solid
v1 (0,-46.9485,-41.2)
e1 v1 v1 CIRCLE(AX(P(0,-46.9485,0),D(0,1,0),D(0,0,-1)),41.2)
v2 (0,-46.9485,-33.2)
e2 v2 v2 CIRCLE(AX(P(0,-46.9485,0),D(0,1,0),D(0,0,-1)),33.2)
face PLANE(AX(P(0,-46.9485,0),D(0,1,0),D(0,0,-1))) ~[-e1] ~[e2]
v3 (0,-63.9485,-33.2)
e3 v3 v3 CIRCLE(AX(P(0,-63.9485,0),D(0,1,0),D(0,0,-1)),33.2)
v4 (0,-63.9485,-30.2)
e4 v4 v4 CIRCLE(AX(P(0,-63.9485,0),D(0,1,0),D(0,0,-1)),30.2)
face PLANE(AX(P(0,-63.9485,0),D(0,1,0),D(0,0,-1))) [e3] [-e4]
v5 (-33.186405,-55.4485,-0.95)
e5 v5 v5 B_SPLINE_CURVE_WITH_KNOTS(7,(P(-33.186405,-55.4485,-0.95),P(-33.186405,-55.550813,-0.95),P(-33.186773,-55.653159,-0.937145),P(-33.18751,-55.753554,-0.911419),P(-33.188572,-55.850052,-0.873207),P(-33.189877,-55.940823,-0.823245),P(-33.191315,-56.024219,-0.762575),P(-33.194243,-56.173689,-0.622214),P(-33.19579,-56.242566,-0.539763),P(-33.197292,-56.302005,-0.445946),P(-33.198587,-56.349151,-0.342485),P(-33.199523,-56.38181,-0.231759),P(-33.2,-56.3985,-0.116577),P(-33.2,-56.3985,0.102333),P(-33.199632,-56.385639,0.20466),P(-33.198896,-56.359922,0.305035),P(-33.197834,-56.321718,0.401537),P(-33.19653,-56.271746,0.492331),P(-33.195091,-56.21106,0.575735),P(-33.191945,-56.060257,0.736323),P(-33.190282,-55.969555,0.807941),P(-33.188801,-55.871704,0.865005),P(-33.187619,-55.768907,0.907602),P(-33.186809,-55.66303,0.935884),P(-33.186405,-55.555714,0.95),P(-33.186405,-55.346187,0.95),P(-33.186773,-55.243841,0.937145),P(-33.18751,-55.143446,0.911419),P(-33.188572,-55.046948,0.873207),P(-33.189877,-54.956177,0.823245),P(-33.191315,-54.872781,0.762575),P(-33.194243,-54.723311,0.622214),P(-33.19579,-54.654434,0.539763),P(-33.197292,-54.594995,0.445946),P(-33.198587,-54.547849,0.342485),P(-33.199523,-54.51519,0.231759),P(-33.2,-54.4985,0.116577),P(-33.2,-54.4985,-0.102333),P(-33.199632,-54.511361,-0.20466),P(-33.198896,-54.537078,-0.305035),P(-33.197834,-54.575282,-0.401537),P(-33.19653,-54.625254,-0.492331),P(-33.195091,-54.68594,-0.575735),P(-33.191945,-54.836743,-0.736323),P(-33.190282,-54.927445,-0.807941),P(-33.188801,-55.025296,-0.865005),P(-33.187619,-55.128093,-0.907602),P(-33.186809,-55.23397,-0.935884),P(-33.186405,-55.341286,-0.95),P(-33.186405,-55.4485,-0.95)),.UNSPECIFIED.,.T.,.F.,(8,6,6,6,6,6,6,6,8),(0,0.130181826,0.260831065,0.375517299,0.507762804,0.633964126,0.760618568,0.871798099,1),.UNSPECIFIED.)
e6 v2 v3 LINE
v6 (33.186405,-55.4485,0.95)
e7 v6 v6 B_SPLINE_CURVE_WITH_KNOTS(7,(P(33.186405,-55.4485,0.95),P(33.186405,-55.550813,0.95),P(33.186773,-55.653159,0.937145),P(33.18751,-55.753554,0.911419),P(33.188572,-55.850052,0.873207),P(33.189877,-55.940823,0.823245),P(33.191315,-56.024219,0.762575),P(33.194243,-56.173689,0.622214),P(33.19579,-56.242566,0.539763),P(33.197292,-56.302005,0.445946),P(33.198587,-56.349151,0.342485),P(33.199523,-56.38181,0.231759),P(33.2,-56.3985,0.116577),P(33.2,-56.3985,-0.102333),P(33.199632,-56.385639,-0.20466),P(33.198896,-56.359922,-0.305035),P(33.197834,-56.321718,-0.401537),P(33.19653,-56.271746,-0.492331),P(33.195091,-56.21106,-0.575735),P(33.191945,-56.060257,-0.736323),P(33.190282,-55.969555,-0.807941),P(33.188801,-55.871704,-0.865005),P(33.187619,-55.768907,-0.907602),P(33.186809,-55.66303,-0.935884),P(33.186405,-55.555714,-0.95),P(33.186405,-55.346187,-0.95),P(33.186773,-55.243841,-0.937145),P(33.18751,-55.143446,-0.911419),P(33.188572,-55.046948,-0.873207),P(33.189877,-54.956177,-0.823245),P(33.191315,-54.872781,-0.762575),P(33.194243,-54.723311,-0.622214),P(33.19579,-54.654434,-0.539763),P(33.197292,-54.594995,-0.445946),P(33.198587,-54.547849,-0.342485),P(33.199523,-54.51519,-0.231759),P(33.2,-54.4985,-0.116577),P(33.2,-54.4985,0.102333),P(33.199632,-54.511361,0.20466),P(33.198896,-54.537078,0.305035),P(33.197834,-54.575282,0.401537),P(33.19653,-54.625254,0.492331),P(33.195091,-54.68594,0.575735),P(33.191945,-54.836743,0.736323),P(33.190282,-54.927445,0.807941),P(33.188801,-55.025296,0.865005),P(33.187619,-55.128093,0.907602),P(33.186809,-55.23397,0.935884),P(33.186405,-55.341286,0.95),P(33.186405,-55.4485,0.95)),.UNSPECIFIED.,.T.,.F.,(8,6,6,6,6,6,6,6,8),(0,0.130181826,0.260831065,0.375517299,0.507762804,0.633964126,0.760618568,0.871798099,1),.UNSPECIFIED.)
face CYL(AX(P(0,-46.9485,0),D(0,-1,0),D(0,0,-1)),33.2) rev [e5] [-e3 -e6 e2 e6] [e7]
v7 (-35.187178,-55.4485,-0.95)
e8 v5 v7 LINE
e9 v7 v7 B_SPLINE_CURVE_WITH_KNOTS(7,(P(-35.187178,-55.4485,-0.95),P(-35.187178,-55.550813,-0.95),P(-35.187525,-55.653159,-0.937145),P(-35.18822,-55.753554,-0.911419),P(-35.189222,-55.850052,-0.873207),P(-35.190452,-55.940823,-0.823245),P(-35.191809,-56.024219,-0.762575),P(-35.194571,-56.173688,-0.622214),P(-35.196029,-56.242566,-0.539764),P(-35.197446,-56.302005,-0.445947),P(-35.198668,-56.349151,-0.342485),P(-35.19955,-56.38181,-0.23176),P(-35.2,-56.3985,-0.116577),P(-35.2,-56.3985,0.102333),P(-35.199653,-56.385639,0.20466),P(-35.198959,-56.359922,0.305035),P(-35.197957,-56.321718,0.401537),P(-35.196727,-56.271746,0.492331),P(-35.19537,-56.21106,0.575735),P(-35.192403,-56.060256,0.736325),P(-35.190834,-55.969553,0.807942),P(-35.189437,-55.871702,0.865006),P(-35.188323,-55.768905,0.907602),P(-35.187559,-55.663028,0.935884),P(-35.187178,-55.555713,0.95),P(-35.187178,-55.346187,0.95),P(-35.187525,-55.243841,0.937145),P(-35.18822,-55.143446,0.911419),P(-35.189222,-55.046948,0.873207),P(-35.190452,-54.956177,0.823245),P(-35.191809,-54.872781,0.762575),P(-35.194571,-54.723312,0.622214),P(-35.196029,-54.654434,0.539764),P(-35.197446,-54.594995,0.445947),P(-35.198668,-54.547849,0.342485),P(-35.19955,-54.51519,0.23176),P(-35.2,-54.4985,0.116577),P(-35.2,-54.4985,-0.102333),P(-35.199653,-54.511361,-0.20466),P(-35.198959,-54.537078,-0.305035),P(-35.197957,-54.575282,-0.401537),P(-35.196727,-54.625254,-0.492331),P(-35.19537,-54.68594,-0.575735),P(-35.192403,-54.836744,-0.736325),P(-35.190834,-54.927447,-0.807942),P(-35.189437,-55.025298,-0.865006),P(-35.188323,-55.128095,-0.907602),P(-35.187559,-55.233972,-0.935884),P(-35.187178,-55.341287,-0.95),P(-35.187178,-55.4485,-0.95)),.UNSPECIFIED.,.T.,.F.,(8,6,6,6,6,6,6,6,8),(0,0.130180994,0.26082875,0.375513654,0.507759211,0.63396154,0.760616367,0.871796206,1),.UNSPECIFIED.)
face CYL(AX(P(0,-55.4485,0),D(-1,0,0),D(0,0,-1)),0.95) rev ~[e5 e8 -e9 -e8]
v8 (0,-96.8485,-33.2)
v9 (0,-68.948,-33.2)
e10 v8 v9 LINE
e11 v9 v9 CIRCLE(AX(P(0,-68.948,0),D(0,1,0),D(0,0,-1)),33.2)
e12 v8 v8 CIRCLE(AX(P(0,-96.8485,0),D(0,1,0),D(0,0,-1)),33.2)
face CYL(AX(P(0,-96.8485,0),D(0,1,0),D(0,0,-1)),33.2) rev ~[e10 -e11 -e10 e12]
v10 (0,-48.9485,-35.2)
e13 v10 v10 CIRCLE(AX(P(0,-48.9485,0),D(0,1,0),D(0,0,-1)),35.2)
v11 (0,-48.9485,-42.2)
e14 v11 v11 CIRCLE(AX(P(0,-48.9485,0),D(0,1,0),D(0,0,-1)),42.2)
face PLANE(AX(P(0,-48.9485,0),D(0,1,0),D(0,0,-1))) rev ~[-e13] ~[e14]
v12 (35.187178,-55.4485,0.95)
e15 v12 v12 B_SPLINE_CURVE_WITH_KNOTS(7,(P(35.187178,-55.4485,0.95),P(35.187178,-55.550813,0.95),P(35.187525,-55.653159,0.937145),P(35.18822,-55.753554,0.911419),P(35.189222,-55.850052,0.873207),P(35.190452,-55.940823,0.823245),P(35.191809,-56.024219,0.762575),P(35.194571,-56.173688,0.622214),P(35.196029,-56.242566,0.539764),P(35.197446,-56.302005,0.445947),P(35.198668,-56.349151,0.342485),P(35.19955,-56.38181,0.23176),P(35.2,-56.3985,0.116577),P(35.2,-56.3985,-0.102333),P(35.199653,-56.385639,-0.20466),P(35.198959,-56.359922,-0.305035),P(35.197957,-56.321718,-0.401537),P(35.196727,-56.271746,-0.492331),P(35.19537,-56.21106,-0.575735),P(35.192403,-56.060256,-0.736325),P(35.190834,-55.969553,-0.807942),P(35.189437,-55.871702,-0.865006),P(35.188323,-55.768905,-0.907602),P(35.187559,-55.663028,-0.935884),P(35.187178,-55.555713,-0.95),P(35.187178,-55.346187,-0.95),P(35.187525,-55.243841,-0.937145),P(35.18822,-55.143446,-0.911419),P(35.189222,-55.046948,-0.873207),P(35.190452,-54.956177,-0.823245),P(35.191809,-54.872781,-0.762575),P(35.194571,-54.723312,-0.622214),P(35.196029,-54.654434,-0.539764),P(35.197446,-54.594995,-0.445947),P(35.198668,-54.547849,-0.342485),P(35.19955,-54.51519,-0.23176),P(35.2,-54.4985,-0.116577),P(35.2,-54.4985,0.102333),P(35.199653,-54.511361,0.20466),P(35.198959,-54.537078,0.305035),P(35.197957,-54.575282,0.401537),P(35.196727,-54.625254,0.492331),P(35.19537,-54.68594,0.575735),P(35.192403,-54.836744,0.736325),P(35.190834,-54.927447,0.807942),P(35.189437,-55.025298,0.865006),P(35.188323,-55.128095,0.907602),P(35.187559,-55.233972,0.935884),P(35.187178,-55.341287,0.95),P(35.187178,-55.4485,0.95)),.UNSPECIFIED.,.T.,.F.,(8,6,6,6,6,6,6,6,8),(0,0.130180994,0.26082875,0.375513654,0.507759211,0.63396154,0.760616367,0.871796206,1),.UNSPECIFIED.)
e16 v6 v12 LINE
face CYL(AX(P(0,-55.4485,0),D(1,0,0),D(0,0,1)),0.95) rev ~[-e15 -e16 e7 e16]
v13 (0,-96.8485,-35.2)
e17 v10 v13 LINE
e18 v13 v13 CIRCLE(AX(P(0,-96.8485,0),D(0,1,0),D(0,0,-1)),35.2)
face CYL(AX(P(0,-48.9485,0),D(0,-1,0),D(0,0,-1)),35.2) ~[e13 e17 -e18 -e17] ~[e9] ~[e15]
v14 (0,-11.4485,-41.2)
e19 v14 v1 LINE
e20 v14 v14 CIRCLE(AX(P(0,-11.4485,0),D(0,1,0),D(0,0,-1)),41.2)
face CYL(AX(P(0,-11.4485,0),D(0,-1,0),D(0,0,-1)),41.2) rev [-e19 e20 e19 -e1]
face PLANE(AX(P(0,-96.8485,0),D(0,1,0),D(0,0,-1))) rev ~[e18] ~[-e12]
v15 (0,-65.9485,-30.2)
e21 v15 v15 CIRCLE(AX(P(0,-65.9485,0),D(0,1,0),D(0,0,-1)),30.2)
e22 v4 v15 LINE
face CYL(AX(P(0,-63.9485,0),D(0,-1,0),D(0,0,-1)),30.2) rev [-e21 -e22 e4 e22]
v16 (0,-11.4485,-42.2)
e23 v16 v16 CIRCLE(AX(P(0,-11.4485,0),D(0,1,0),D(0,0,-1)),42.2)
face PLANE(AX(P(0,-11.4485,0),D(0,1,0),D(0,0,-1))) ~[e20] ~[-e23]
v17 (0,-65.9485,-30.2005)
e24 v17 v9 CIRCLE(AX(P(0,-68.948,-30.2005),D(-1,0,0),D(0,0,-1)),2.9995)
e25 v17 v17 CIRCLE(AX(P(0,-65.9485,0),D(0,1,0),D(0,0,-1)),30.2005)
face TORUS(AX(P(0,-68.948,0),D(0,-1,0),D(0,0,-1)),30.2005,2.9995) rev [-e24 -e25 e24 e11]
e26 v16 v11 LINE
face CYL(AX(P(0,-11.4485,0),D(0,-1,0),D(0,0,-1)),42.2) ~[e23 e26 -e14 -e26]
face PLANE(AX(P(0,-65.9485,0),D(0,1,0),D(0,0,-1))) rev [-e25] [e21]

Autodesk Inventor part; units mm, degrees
ref_plane "YZ Plane" through (0, 0, 0) normal (1, 0, 0) x (0, 1, 0)
ref_plane "XZ Plane" through (0, 0, 0) normal (0, 1, 0) x (-1, 0, 0)
ref_plane "XY Plane" through (0, 0, 0) normal (0, 0, 1) x (1, 0, 0)
sketch "Sketch1" plane through (0, 0, 0) normal (1, 0, 0) x (0, 1, 0)
  line L0 (-116.2182, 0) -> (19.3697, 0) projected
  line L1 (-46.9485, -33.2) -> (-46.9485, -41.2)
  line L2 (-11.4485, -41.2) -> (-46.9485, -41.2)
  line L3 (-48.3, -33.2) -> (-60.6, -33.2)
  line L4 (-11.4485, -42.2) -> (-48.9485, -42.2)
  line L5 (-48.9485, -42.2) -> (-48.9485, -35.2)
  line L6 (-48.9485, -35.2) -> (-96.8485, -35.2)
  line L7 (-96.8485, -35.2) -> (-96.8485, -33.2)
  line L8 (-46.9485, -33.2) -> (-48.3, -33.2)
  line L9 (-63.9485, -33.2) -> (-63.9485, -30.2)
  line L10 (-63.9485, -30.2) -> (-65.9485, -30.2)
  line L11 (-65.9485, -30.2) -> (-65.9485, -33.2)
  line L12 (-96.8485, -33.2) -> (-65.9485, -33.2)
  line L13 (-63.9485, -33.2) -> (-60.6, -33.2)
  line L14 (-11.4485, -41.2) -> (-11.4485, -42.2)
  point P0 (0, 0)
  point P1 (-46.9485, -41.7)
  point P2 (-96.8485, -34.2)
  point P3 (-48.9485, -38.7)
  point P4 (-11.4485, -41.7)
  dimension "d43" = 41.2
  dimension "d53" = 33.2
  dimension "d58" = 1
  dimension "d61" = 2
  dimension "d65" = 2
  dimension "d66" = 17
  dimension "d68" = 49.9
  dimension "d69" = 35.5
  dimension "d72" = 2
  dimension "d74" = 42.2
  dimension "d78" = 35.5
  dimension "d79" = 3
revolve "Revolution1" add sketch "Sketch1" angle 360 about axis through (0, -10, 0) along (0, 1, 0)
sketch "Sketch2" plane through (0, 0, 0) normal (1, 0, 0) x (0, 1, 0)
  line L0 (-96.8485, -35.2) -> (-96.8485, 35.2) projected
  line L1 (-114.1482, 0) -> (19.0247, 0) projected
  point P0 (0, 0)
  point P1 (-55.4485, 0)
  dimension "d64" = 41.4
hole "Hole1" at (0, -55.4485, 0) direction (1, 0, 0) diameter 1.9 depth 40
hole "Hole2" at (0, -55.4485, 0) direction (-1, 0, 0) diameter 1.9 depth 40
fillet "Fillet1" [suppressed]
fillet "Fillet3" radius 3 1 edges at (0, -65.9485, 33.2)
equation "\"gap\" = 0.1"
properties part number "BottomTubeDown"
